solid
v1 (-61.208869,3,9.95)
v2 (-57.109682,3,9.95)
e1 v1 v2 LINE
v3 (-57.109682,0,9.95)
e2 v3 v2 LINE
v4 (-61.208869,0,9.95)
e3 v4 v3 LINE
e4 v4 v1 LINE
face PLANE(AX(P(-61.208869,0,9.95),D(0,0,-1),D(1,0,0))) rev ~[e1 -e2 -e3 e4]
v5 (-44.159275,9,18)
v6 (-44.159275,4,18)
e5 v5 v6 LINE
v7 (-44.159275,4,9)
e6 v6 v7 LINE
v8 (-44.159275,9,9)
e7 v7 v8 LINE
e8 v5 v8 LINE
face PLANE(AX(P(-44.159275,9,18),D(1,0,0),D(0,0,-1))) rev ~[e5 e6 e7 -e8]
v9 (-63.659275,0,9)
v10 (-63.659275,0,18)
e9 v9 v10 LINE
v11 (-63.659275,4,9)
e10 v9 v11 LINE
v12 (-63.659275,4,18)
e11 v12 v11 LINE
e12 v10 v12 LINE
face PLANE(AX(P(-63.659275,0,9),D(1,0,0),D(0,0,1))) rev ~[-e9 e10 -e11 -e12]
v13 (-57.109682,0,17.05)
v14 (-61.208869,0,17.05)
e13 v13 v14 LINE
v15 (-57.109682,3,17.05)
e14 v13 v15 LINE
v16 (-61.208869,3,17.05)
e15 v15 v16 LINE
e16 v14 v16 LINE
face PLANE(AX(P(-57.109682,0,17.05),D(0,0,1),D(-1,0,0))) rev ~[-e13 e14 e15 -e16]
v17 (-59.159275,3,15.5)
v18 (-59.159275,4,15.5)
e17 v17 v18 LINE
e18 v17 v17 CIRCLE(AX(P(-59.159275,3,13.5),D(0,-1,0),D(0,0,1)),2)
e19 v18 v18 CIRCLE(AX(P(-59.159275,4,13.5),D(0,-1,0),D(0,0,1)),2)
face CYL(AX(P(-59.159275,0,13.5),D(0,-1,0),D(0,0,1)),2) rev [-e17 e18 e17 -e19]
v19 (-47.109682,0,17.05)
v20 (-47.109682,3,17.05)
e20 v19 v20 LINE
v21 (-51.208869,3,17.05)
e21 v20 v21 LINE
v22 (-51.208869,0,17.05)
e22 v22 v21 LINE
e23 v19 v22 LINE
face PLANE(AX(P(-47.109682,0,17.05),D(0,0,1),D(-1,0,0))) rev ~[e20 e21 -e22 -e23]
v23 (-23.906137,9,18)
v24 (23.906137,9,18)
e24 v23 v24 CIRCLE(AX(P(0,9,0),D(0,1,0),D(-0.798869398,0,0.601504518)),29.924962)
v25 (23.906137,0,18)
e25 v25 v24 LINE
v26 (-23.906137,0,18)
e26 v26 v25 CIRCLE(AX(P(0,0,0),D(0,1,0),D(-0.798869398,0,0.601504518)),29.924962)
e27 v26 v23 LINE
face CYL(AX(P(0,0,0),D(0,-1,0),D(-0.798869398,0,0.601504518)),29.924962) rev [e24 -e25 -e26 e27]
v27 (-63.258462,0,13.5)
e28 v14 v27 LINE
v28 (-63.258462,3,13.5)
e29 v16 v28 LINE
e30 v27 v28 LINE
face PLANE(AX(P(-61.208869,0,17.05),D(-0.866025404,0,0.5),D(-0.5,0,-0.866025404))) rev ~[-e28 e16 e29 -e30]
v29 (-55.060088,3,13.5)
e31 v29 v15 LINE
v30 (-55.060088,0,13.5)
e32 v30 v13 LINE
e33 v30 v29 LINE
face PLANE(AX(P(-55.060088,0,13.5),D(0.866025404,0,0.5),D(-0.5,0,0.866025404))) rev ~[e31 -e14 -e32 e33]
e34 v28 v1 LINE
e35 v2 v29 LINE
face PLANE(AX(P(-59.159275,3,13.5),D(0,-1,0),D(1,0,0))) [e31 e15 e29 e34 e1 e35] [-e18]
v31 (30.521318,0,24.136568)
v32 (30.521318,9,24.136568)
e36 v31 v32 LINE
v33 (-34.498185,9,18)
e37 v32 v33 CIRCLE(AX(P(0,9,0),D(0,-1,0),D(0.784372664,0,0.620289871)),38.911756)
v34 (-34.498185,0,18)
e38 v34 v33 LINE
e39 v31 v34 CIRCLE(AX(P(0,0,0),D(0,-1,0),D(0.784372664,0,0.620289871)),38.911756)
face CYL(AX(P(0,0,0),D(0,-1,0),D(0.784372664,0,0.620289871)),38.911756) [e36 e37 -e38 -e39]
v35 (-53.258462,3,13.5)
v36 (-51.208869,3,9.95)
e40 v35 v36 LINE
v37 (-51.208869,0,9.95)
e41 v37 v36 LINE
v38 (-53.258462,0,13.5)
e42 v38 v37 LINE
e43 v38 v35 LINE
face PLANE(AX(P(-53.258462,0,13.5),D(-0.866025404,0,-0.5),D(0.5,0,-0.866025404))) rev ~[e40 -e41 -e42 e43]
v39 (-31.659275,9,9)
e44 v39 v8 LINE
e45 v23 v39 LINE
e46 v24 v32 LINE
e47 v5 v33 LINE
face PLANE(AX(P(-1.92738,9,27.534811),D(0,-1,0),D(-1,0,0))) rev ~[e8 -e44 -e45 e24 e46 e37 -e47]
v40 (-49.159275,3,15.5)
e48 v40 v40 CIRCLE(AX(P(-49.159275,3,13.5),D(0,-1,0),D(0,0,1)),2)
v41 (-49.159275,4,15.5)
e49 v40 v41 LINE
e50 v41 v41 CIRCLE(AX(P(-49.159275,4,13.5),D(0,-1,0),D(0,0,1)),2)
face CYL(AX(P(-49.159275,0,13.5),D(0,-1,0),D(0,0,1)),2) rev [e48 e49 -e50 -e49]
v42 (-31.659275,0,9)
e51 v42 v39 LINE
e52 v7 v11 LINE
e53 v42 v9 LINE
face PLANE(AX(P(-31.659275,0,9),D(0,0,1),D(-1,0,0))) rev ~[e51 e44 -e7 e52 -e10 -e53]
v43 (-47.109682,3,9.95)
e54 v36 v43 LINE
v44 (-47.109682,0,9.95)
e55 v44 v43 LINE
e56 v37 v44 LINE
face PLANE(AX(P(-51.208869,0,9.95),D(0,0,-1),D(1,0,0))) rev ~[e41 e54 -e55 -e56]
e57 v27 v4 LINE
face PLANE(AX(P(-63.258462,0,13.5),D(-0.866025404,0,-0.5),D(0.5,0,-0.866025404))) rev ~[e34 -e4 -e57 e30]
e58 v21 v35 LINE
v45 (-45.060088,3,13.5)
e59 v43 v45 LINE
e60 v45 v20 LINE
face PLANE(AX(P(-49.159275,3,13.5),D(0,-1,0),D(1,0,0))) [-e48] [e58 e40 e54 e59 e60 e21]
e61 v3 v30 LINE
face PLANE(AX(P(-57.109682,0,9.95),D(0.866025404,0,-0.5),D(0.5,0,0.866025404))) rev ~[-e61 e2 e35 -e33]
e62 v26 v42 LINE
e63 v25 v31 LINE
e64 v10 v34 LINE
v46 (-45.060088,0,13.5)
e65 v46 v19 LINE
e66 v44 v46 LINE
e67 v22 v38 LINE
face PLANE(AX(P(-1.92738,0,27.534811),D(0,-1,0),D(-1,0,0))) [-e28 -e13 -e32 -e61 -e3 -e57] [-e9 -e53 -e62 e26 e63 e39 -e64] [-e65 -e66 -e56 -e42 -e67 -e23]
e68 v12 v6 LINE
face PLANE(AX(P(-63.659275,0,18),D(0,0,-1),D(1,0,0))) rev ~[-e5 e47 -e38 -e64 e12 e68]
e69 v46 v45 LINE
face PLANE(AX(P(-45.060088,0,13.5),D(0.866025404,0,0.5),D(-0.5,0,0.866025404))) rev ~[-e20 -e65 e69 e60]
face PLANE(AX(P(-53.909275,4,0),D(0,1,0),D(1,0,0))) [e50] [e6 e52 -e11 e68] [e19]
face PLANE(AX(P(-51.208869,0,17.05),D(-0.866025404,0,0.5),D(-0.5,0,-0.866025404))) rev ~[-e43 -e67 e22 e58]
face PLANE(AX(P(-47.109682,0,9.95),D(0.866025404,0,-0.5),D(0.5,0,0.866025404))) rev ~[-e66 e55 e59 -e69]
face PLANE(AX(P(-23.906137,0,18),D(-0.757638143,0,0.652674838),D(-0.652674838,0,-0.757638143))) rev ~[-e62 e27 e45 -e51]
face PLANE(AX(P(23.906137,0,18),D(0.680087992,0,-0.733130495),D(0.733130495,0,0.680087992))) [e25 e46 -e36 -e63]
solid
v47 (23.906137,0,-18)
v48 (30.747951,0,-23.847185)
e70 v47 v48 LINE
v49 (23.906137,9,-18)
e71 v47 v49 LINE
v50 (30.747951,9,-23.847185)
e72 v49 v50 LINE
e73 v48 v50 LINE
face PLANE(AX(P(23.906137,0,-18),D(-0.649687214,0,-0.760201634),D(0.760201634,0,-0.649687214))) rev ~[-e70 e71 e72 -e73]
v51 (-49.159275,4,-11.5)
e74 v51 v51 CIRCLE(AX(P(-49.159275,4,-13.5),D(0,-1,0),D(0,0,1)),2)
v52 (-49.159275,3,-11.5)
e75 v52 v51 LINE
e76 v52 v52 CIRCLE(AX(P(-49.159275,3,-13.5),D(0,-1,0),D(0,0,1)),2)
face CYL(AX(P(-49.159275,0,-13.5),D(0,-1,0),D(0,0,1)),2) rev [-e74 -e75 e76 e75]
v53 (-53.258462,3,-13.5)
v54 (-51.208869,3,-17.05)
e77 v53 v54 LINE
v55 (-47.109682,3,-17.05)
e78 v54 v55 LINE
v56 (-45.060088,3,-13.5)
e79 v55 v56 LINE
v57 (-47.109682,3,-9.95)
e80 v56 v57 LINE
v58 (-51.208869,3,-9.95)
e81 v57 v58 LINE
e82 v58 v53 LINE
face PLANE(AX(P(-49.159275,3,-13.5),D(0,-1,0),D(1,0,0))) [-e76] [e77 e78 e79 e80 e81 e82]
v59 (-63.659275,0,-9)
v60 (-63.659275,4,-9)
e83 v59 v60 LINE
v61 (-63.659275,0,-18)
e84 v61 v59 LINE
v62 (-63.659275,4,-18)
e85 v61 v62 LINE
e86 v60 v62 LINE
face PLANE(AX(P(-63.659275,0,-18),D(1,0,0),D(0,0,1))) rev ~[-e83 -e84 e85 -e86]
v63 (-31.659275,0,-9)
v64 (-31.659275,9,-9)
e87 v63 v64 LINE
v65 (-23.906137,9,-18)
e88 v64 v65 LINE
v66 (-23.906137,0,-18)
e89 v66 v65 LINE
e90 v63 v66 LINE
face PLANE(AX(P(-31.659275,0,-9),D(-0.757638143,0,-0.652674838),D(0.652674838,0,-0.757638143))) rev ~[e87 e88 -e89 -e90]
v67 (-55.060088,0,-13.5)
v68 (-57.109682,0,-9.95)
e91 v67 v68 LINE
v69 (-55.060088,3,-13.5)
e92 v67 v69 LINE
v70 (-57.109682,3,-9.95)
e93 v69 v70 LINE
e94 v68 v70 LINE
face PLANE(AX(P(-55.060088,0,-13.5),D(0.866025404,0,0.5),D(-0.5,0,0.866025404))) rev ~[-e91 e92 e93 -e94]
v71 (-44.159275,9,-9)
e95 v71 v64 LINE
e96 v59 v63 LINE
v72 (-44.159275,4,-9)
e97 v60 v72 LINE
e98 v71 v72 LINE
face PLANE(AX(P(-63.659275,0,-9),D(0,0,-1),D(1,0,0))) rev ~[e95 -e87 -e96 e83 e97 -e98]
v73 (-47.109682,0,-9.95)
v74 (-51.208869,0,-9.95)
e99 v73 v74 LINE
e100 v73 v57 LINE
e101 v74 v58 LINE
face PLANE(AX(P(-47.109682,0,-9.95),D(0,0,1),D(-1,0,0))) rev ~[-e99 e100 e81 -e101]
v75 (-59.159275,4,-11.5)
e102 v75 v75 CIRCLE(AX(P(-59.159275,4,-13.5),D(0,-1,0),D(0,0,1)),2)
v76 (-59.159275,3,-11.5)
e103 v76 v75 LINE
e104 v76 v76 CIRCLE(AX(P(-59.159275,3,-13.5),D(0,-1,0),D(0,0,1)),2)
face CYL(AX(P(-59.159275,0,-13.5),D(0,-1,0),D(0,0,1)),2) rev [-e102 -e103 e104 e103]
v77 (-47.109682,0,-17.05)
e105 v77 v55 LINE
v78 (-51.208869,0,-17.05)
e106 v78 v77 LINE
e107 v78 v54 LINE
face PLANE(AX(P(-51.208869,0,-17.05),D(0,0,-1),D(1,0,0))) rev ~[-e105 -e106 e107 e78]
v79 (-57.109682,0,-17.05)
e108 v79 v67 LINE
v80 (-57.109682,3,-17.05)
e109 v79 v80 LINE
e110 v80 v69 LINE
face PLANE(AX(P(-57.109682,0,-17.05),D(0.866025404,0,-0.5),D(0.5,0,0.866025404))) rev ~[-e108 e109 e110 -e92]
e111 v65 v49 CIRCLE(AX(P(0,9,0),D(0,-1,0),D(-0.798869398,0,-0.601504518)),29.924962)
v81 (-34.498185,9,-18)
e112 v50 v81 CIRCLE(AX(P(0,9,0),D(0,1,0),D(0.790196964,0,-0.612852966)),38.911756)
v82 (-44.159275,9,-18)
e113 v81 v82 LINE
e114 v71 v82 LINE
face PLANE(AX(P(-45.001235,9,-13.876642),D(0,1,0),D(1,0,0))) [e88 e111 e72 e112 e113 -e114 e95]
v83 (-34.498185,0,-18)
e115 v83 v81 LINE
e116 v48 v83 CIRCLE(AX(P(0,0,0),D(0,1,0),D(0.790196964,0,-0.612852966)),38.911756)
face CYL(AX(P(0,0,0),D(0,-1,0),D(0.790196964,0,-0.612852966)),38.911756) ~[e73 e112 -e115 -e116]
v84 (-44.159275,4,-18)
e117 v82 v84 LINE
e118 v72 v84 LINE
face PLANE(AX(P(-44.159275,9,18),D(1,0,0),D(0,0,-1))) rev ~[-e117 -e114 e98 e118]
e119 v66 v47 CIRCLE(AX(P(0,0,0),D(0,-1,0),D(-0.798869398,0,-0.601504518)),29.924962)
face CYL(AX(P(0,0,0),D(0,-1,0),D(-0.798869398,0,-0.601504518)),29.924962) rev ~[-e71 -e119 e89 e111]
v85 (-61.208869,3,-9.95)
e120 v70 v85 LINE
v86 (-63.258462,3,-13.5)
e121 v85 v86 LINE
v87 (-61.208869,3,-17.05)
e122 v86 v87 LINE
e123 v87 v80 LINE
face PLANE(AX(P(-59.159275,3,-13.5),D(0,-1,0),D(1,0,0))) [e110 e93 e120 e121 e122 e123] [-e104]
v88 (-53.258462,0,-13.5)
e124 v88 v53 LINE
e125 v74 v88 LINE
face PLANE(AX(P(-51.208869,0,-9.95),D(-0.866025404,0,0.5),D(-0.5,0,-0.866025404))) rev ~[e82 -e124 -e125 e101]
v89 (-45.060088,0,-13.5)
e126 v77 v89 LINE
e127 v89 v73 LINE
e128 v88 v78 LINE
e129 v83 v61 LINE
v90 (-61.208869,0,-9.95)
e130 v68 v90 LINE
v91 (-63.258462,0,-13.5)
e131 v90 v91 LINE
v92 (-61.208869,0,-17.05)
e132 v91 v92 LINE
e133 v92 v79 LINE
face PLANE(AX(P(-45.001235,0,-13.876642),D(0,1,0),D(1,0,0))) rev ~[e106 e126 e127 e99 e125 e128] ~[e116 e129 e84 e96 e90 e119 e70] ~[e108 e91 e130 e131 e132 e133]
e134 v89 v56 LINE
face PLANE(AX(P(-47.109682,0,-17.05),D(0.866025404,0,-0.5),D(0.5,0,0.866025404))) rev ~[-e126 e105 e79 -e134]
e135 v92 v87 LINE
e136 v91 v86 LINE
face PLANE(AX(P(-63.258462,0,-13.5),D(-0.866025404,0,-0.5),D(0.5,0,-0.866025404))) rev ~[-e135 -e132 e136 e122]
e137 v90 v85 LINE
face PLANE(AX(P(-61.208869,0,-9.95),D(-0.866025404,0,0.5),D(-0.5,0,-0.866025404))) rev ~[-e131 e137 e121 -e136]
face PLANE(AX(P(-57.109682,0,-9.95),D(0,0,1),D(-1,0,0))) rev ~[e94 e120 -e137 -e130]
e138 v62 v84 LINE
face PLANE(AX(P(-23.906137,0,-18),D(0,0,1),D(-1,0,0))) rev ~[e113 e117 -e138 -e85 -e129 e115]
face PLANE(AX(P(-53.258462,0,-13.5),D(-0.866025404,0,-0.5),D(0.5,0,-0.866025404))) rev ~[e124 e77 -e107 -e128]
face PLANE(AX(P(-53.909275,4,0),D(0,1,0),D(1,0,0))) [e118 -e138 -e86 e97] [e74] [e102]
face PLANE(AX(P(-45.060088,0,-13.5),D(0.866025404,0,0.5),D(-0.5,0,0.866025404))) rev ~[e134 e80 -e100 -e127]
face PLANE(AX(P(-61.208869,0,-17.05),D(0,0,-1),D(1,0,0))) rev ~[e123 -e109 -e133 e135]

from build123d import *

# Parameters (mm, degrees)
SKETCH1_R           = 2
BOSS_EXTRUDE1_DEPTH = 9
SKETCH5_W           = 19.5
SKETCH5_H           = 36
CUT_EXTRUDE1_DEPTH  = 5
CUT_EXTRUDE2_DEPTH  = 3


with BuildPart() as part:
    # Sketch1 → Boss-Extrude1 (new body)
    # profile 1 of 4: a face of its own
    with BuildSketch(Plane(origin=(0, 0, 0), x_dir=(1, 0, 0), z_dir=(0, 1, 0))):
        Polygon((-31.6592752, 9), (-23.906136588, 18), (-34.498184555, 18), (-63.6592752, 18), (-63.6592752, 9), align=None)
        with Locations(Location((-59.1592752, 13.5, 0), (0, 0, 270))):
            Circle(SKETCH1_R, mode=Mode.SUBTRACT)
        with Locations(Location((-49.1592752, 13.5, 0), (0, 0, 270))):
            Circle(SKETCH1_R, mode=Mode.SUBTRACT)
    # profile 2 of 4: a face of its own
    with BuildSketch(Plane(origin=(0, 0, 0), x_dir=(1, 0, 0), z_dir=(0, 1, 0))):
        Polygon((-63.6592752, -18), (-34.498184555, -18), (-23.906136588, -18), (-31.6592752, -9), (-63.6592752, -9), align=None)
        with Locations(Location((-59.1592752, -13.5, 0), (0, 0, 270))):
            Circle(SKETCH1_R, mode=Mode.SUBTRACT)
        with Locations(Location((-49.1592752, -13.5, 0), (0, 0, 270))):
            Circle(SKETCH1_R, mode=Mode.SUBTRACT)
    # profile 3 of 4: a face of its own
    with BuildSketch(Plane(origin=(0, 0, 0), x_dir=(1, 0, 0), z_dir=(0, 1, 0))):
        with BuildLine():
            Line((23.906136588, 18), (30.747951295, 23.847184922))
            ThreePointArc((30.747951295, 23.847184922), (-3.473248516, 38.756435366), (-34.498184555, 18))
            Line((-34.498184555, 18), (-23.906136588, 18))
            ThreePointArc((-23.906136588, 18), (0, 29.924962265), (23.906136588, 18))
        make_face()
    # profile 4 of 4: a face of its own
    with BuildSketch(Plane(origin=(0, 0, 0), x_dir=(1, 0, 0), z_dir=(0, 1, 0))):
        with BuildLine():
            Line((-34.498184555, -18), (-23.906136588, -18))
            ThreePointArc((-23.906136588, -18), (0, -29.924962265), (23.906136588, -18))
            Line((23.906136588, -18), (30.521317527, -24.136567983))
            ThreePointArc((30.521317527, -24.136567983), (-3.656259631, -38.739598644), (-34.498184555, -18))
        make_face()
    extrude(amount=BOSS_EXTRUDE1_DEPTH)

    # Sketch5 → Cut-Extrude1 (cut)
    with BuildSketch(Plane(origin=(0, 9, 0), x_dir=(1, 0, 0), z_dir=(0, 1, 0))):
        with Locations((-53.9092752, 0)):
            Rectangle(SKETCH5_W, SKETCH5_H)
    extrude(amount=-CUT_EXTRUDE1_DEPTH, mode=Mode.SUBTRACT)

    # Sketch6 → Cut-Extrude2 (cut)
    with BuildSketch(Plane.XZ):
        Polygon((-57.109681744, 9.95), (-55.060088289, 13.5), (-57.109681744, 17.05), (-61.208868656, 17.05), (-63.258462111, 13.5), (-61.208868656, 9.95), align=None)
        Polygon((-47.109681744, 9.95), (-45.060088289, 13.5), (-47.109681744, 17.05), (-51.208868656, 17.05), (-53.258462111, 13.5), (-51.208868656, 9.95), align=None)
        Polygon((-61.208868656, -17.05), (-57.109681744, -17.05), (-55.060088289, -13.5), (-57.109681744, -9.95), (-61.208868656, -9.95), (-63.258462111, -13.5), align=None)
        Polygon((-47.109681744, -17.05), (-45.060088289, -13.5), (-47.109681744, -9.95), (-51.208868656, -9.95), (-53.258462111, -13.5), (-51.208868656, -17.05), align=None)
    extrude(amount=-CUT_EXTRUDE2_DEPTH, mode=Mode.SUBTRACT)


solid = part.part
